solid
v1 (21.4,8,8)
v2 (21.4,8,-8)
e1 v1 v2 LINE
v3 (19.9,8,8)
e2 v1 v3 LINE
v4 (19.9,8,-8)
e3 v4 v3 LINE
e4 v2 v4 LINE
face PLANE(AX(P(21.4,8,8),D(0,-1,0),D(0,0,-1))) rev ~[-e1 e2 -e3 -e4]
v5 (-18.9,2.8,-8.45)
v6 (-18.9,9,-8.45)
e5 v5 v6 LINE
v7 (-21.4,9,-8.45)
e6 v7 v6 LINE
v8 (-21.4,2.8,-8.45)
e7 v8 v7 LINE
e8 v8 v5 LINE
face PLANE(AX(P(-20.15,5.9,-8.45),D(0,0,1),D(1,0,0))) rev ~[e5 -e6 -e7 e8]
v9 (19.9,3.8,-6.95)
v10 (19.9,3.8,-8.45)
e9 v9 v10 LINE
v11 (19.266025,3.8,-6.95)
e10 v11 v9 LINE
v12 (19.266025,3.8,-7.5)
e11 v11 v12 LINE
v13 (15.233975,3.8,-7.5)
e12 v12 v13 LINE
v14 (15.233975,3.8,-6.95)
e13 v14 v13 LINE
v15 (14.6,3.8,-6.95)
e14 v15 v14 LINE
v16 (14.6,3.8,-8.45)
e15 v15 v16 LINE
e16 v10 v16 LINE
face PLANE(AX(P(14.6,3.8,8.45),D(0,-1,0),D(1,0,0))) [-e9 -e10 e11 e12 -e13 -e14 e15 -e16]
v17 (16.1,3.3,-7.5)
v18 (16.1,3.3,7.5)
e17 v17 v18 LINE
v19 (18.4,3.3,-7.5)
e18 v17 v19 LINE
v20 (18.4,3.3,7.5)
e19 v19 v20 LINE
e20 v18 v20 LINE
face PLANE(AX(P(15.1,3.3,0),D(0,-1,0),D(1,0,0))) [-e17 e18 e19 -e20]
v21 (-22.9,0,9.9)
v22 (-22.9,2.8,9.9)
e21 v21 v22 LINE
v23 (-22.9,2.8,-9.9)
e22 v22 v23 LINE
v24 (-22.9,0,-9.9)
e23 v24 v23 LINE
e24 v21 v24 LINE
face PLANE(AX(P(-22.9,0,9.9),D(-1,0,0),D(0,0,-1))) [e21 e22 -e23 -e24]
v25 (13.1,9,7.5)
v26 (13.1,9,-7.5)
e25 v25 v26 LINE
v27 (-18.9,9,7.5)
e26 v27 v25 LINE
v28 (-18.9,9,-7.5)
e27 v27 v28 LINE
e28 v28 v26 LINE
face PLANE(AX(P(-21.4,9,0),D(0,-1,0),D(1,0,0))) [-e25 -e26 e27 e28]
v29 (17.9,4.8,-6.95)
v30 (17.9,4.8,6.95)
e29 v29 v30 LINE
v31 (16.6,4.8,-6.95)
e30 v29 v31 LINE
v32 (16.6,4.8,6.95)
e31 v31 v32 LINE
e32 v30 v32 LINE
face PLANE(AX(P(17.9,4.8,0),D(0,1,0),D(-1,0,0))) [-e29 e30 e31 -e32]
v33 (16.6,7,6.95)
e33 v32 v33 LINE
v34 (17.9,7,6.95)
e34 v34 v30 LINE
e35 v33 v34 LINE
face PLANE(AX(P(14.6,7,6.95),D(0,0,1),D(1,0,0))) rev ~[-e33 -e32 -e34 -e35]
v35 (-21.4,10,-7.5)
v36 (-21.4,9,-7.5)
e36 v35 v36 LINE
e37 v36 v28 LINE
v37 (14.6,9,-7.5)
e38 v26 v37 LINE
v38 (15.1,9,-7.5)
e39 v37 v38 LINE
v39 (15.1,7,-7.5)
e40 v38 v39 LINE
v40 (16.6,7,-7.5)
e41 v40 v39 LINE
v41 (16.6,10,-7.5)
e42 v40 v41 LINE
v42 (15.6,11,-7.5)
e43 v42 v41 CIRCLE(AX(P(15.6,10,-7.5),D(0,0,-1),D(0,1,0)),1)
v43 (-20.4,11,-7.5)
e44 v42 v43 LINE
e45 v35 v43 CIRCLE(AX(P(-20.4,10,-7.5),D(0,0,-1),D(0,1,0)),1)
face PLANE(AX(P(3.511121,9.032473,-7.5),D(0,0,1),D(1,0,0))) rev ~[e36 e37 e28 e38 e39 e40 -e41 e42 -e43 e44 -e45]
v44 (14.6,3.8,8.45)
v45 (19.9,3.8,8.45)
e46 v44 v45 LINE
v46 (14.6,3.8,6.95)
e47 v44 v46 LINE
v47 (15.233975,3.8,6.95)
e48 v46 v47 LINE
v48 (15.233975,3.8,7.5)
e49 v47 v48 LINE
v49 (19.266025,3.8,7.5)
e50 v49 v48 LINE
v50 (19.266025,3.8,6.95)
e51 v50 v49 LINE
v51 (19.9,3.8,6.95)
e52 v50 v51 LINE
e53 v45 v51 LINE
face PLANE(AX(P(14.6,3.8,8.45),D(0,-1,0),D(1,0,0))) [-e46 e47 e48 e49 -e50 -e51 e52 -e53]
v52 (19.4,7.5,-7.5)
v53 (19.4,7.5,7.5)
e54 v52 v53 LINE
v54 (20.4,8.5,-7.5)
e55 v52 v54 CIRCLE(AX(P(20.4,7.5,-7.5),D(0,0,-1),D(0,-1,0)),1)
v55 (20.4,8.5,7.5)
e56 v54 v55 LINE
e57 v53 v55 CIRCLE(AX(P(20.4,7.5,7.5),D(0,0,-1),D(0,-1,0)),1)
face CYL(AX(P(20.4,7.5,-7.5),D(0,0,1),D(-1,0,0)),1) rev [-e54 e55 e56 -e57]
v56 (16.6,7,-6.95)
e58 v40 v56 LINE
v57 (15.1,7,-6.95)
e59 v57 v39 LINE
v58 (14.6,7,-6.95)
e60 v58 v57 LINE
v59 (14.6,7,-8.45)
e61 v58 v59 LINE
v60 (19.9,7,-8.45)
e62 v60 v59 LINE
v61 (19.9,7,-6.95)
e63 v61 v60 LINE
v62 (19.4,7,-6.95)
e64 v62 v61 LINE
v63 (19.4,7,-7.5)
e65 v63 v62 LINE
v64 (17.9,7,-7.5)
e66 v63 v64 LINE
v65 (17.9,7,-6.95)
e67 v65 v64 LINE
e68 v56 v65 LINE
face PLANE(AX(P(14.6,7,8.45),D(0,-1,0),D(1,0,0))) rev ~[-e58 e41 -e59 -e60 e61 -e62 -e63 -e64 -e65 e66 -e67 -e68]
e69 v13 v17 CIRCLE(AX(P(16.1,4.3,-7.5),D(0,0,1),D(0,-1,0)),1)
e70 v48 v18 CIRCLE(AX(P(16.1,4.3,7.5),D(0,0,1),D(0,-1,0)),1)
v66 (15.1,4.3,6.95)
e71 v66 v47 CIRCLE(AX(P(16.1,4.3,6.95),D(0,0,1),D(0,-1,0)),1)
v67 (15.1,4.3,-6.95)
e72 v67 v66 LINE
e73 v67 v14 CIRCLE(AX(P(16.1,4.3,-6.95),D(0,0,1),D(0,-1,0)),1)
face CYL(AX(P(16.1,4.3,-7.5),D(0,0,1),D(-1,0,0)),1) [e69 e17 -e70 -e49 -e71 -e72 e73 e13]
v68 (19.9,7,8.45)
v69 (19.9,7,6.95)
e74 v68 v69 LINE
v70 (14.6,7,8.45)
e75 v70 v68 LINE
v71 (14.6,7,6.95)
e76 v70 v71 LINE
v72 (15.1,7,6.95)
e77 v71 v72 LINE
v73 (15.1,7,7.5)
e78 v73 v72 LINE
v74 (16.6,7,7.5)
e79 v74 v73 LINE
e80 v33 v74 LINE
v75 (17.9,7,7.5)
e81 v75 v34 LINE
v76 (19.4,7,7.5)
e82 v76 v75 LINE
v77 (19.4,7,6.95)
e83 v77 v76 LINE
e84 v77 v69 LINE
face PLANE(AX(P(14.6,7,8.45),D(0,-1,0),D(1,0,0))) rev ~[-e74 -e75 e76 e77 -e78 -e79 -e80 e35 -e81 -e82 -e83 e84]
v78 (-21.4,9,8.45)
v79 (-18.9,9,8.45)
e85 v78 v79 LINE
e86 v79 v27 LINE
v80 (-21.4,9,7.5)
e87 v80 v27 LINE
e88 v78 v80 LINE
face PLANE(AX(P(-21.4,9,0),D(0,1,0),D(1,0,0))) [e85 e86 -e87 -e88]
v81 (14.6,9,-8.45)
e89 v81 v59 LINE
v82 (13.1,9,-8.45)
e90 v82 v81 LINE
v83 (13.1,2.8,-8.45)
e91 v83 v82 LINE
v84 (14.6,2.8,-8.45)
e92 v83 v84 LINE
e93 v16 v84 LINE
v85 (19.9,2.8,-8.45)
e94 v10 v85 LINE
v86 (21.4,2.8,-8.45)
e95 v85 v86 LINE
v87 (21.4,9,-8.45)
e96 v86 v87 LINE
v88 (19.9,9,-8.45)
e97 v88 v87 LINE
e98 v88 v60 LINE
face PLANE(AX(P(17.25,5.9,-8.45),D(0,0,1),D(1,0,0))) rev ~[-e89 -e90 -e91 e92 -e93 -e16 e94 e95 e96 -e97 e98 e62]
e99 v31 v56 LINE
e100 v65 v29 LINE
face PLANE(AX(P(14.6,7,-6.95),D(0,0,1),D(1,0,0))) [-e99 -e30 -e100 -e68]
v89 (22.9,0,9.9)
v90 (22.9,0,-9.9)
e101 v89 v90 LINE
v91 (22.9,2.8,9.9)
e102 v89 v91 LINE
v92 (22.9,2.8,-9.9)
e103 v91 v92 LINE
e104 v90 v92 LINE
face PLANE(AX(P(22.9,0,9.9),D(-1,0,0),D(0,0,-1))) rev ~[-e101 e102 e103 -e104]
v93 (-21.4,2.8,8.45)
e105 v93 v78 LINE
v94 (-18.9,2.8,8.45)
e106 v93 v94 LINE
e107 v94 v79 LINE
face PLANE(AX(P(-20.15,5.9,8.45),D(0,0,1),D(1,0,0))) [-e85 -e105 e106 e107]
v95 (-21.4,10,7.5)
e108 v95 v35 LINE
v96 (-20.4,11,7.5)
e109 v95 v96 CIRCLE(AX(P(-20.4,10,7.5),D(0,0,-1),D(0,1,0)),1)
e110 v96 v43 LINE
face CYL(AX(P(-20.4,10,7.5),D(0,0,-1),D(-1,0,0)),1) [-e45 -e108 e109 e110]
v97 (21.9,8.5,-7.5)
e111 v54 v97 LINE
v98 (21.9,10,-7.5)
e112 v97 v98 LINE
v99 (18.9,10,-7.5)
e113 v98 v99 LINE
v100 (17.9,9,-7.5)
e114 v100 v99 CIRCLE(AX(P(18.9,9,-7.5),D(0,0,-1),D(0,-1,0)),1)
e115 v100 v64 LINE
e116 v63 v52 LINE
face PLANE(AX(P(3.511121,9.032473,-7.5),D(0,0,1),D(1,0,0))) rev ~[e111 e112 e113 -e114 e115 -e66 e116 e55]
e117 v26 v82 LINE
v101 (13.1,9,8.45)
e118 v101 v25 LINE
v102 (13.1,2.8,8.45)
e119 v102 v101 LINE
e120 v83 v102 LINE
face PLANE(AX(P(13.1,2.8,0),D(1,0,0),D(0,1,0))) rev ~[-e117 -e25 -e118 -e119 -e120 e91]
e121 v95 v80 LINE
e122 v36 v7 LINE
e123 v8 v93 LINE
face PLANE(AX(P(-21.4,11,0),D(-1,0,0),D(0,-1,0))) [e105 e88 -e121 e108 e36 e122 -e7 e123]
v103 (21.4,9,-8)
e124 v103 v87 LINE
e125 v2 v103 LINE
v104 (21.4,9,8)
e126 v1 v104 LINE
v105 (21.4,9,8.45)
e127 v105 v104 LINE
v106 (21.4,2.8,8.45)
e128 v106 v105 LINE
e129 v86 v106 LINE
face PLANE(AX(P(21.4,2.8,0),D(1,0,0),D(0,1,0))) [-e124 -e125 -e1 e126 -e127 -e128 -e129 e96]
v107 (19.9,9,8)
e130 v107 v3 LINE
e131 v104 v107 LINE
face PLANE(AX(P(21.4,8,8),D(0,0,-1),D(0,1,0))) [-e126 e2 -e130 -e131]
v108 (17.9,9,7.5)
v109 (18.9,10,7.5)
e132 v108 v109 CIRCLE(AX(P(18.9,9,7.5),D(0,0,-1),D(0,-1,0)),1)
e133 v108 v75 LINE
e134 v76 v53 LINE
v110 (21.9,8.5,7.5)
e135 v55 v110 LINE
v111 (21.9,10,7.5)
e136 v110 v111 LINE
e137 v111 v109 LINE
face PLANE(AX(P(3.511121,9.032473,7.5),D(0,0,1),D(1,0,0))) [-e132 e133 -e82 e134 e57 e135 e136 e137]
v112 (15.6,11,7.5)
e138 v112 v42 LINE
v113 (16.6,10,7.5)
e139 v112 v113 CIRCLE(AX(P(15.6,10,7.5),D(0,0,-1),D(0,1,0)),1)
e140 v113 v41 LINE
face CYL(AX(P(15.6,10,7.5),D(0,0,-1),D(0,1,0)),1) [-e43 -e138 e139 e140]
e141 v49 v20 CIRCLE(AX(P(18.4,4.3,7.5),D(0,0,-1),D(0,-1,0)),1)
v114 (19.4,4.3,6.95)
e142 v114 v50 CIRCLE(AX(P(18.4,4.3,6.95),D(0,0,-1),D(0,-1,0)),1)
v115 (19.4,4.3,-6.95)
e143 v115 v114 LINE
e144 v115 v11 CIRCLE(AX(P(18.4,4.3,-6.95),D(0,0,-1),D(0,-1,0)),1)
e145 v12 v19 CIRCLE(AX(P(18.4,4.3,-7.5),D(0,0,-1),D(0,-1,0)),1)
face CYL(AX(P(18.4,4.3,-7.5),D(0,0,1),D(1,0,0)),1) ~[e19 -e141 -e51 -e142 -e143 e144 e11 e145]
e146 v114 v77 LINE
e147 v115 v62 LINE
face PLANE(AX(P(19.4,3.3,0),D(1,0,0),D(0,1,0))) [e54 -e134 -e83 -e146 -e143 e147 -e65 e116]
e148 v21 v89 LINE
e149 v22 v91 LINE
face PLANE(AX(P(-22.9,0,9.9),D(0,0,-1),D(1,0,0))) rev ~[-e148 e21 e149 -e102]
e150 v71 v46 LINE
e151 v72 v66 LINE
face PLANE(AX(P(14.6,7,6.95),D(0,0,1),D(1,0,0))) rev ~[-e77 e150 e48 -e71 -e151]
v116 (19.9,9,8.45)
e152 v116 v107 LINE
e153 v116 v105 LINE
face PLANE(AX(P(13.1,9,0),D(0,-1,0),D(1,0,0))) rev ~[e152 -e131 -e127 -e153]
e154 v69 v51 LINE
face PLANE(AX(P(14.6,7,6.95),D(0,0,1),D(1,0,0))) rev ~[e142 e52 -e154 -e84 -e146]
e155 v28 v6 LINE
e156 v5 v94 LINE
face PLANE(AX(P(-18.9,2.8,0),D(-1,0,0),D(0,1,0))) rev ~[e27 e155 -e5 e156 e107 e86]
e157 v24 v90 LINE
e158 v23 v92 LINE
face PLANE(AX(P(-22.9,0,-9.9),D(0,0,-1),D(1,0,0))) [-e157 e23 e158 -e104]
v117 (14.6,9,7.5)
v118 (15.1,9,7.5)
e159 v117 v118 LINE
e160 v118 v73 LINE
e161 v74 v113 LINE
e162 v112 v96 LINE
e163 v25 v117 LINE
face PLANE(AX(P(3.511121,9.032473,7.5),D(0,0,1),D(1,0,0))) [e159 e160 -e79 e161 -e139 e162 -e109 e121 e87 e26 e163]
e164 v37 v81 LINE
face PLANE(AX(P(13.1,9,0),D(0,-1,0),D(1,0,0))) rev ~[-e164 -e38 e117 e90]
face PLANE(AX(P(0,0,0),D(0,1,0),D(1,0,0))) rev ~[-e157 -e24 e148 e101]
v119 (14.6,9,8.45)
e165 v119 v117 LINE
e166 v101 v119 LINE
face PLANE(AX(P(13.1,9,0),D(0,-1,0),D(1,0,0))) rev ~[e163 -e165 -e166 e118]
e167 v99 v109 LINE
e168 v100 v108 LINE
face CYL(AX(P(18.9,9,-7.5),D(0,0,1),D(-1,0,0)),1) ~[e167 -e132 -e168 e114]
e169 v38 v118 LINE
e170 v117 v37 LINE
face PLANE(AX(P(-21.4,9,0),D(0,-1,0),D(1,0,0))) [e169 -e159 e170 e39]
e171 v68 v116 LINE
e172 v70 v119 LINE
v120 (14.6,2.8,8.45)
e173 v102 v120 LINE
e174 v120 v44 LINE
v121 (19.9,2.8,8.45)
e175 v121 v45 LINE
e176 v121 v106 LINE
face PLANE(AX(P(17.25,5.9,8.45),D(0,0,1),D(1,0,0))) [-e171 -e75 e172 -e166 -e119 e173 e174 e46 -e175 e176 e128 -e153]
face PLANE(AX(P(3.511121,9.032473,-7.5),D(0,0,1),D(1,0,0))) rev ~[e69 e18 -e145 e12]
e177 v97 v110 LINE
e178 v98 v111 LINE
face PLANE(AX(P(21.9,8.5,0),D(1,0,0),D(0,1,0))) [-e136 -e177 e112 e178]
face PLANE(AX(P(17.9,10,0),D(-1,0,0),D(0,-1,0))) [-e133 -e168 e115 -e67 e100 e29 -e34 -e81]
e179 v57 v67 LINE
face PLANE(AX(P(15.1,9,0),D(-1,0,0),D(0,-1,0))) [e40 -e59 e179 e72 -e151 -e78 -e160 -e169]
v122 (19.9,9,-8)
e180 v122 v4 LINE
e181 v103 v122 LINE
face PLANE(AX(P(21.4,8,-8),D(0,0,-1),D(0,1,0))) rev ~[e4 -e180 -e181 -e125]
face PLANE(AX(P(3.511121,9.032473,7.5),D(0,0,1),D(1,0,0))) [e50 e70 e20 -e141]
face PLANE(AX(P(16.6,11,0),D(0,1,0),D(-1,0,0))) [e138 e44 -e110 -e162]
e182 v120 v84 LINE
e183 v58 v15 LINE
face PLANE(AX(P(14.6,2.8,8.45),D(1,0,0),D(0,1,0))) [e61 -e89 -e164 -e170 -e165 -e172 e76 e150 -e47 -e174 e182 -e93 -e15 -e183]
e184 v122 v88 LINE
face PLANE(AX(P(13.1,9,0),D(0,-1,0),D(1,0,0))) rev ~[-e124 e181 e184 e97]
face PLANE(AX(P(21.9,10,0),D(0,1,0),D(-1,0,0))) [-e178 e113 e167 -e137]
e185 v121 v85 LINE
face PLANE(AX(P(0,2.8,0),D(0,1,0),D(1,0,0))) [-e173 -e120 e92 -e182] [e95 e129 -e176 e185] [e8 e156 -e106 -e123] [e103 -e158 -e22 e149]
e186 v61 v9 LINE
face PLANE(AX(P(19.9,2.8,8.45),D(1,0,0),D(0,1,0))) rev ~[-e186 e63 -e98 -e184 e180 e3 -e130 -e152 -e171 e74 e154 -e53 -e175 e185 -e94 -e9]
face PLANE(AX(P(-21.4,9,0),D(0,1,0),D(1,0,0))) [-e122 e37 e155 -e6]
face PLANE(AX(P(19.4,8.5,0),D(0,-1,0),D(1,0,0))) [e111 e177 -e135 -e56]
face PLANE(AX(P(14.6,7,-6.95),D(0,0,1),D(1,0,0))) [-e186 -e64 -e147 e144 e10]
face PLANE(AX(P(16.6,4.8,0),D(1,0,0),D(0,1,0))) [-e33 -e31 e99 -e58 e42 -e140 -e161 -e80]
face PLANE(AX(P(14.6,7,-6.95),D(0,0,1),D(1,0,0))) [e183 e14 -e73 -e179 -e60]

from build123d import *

# Parameters (mm, degrees)
BASE_OUTLINE_W              = 45.8
BASE_OUTLINE_H              = 19.8
CLAMP_BASE_DEPTH            = 2.8
HINGE_AND_LATCH_OUTLINE_W   = 2.5
HINGE_AND_LATCH_OUTLINE_H   = 6.2
HINGE_AND_LATCH_OUTLINE_W_2 = 8.3
CLIP_HINGE_AND_LATCH_DEPTH  = 8.45
LATCH_SIDES_CUT_REACH       = 32.694
SIDE_CUTS_OUTLINE_W         = 5.3
SIDE_CUTS_OUTLINE_H         = 2
SIDE_CUTS_OUTLINE_H_2       = 1
LATCH_THROUGH_CUT_REACH     = 27.912
THROUGH_CUT_OUTLINE_W       = 5.3
THROUGH_CUT_OUTLINE_H       = 13.9
LATCH_FRONT_CUT_REACH       = 48.276
FRONT_CUT_OUTLINE_W         = 16
FRONT_CUT_OUTLINE_H         = 1
CLAMP_DEPTH                 = 7.5
CLAMP_FILLETS_R             = 1


with BuildPart() as part:
    # Base Outline → Clamp Base (new body)
    with BuildSketch(Plane(origin=(0, 0, 0), x_dir=(1, 0, 0), z_dir=(0, 1, 0))):
        Rectangle(BASE_OUTLINE_W, BASE_OUTLINE_H)
    extrude(amount=CLAMP_BASE_DEPTH)

    # Hinge and Latch Outline → Clip Hinge and Latch (add, symmetric)
    with BuildSketch(Plane.XY):
        with Locations((-20.15, 5.9)):
            Rectangle(HINGE_AND_LATCH_OUTLINE_W, HINGE_AND_LATCH_OUTLINE_H)
        with Locations((17.25, 5.9)):
            Rectangle(HINGE_AND_LATCH_OUTLINE_W_2, HINGE_AND_LATCH_OUTLINE_H)
    extrude(amount=CLIP_HINGE_AND_LATCH_DEPTH, both=True)

    # Side Cuts Outline → Latch Sides Cut (cut, up to next)
    with BuildSketch(Plane.XY.offset(8.45), mode=Mode.PRIVATE) as latch_sides_cut_sk1:
        with Locations((17.25, 8)):
            Rectangle(SIDE_CUTS_OUTLINE_W, SIDE_CUTS_OUTLINE_H)
    latch_sides_cut_tool1 = extrude(latch_sides_cut_sk1.sketch, amount=-LATCH_SIDES_CUT_REACH, mode=Mode.PRIVATE) & part.part
    # Side Cuts Outline → Latch Sides Cut (cut, up to next)
    with BuildSketch(Plane.XY.offset(8.45), mode=Mode.PRIVATE) as latch_sides_cut_sk2:
        with Locations((17.25, 3.3)):
            Rectangle(SIDE_CUTS_OUTLINE_W, SIDE_CUTS_OUTLINE_H_2)
    latch_sides_cut_tool2 = extrude(latch_sides_cut_sk2.sketch, amount=-LATCH_SIDES_CUT_REACH, mode=Mode.PRIVATE) & part.part
    add(latch_sides_cut_tool1.solids().sort_by_distance((17.25, 8, 8.45))[0], mode=Mode.SUBTRACT)
    add(latch_sides_cut_tool2.solids().sort_by_distance((17.25, 3.3, 8.45))[0], mode=Mode.SUBTRACT)

    # Through Cut Outline → Latch Through Cut (cut, up to next)
    with BuildSketch(Plane(origin=(0, 7, 0), x_dir=(1, 0, 0), z_dir=(0, 1, 0)), mode=Mode.PRIVATE) as latch_through_cut_sk1:
        with Locations((17.25, 0)):
            Rectangle(THROUGH_CUT_OUTLINE_W, THROUGH_CUT_OUTLINE_H)
    latch_through_cut_tool1 = extrude(latch_through_cut_sk1.sketch, amount=-LATCH_THROUGH_CUT_REACH, mode=Mode.PRIVATE) & part.part
    add(latch_through_cut_tool1.solids().sort_by_distance((17.25, 7, 0))[0], mode=Mode.SUBTRACT)

    # Front Cut Outline → Latch Front Cut (cut, up to next)
    with BuildSketch(Plane(origin=(21.4, 0, 0), x_dir=(0, 0, -1), z_dir=(1, 0, 0)), mode=Mode.PRIVATE) as latch_front_cut_sk1:
        with Locations((0, 8.5)):
            Rectangle(FRONT_CUT_OUTLINE_W, FRONT_CUT_OUTLINE_H)
    latch_front_cut_tool1 = extrude(latch_front_cut_sk1.sketch, amount=-LATCH_FRONT_CUT_REACH, mode=Mode.PRIVATE) & part.part
    add(latch_front_cut_tool1.solids().sort_by_distance((21.4, 8.5, 0))[0], mode=Mode.SUBTRACT)

    # Clamp Outline → Clamp (add, symmetric)
    with BuildSketch(Plane.XY):
        Polygon((-21.4, 9), (15.1, 9), (15.1, 3.3), (19.4, 3.3), (19.4, 8.5), (21.9, 8.5), (21.9, 10), (17.9, 10), (17.9, 4.8), (16.6, 4.8), (16.6, 11), (-21.4, 11), align=None)
    extrude(amount=CLAMP_DEPTH, both=True)

    # Clamp Fillets
    clamp_fillets_edges = [part.edges().sort_by_distance(p)[0] for p in [
        (19.4, 8.5, 0),
        (17.9, 10, 0),
        (16.6, 11, 0),
        (-21.4, 11, 0),
        (19.4, 3.3, 0),
        (15.1, 3.3, 0),
    ]]
    fillet(clamp_fillets_edges, radius=CLAMP_FILLETS_R)


solid = part.part
